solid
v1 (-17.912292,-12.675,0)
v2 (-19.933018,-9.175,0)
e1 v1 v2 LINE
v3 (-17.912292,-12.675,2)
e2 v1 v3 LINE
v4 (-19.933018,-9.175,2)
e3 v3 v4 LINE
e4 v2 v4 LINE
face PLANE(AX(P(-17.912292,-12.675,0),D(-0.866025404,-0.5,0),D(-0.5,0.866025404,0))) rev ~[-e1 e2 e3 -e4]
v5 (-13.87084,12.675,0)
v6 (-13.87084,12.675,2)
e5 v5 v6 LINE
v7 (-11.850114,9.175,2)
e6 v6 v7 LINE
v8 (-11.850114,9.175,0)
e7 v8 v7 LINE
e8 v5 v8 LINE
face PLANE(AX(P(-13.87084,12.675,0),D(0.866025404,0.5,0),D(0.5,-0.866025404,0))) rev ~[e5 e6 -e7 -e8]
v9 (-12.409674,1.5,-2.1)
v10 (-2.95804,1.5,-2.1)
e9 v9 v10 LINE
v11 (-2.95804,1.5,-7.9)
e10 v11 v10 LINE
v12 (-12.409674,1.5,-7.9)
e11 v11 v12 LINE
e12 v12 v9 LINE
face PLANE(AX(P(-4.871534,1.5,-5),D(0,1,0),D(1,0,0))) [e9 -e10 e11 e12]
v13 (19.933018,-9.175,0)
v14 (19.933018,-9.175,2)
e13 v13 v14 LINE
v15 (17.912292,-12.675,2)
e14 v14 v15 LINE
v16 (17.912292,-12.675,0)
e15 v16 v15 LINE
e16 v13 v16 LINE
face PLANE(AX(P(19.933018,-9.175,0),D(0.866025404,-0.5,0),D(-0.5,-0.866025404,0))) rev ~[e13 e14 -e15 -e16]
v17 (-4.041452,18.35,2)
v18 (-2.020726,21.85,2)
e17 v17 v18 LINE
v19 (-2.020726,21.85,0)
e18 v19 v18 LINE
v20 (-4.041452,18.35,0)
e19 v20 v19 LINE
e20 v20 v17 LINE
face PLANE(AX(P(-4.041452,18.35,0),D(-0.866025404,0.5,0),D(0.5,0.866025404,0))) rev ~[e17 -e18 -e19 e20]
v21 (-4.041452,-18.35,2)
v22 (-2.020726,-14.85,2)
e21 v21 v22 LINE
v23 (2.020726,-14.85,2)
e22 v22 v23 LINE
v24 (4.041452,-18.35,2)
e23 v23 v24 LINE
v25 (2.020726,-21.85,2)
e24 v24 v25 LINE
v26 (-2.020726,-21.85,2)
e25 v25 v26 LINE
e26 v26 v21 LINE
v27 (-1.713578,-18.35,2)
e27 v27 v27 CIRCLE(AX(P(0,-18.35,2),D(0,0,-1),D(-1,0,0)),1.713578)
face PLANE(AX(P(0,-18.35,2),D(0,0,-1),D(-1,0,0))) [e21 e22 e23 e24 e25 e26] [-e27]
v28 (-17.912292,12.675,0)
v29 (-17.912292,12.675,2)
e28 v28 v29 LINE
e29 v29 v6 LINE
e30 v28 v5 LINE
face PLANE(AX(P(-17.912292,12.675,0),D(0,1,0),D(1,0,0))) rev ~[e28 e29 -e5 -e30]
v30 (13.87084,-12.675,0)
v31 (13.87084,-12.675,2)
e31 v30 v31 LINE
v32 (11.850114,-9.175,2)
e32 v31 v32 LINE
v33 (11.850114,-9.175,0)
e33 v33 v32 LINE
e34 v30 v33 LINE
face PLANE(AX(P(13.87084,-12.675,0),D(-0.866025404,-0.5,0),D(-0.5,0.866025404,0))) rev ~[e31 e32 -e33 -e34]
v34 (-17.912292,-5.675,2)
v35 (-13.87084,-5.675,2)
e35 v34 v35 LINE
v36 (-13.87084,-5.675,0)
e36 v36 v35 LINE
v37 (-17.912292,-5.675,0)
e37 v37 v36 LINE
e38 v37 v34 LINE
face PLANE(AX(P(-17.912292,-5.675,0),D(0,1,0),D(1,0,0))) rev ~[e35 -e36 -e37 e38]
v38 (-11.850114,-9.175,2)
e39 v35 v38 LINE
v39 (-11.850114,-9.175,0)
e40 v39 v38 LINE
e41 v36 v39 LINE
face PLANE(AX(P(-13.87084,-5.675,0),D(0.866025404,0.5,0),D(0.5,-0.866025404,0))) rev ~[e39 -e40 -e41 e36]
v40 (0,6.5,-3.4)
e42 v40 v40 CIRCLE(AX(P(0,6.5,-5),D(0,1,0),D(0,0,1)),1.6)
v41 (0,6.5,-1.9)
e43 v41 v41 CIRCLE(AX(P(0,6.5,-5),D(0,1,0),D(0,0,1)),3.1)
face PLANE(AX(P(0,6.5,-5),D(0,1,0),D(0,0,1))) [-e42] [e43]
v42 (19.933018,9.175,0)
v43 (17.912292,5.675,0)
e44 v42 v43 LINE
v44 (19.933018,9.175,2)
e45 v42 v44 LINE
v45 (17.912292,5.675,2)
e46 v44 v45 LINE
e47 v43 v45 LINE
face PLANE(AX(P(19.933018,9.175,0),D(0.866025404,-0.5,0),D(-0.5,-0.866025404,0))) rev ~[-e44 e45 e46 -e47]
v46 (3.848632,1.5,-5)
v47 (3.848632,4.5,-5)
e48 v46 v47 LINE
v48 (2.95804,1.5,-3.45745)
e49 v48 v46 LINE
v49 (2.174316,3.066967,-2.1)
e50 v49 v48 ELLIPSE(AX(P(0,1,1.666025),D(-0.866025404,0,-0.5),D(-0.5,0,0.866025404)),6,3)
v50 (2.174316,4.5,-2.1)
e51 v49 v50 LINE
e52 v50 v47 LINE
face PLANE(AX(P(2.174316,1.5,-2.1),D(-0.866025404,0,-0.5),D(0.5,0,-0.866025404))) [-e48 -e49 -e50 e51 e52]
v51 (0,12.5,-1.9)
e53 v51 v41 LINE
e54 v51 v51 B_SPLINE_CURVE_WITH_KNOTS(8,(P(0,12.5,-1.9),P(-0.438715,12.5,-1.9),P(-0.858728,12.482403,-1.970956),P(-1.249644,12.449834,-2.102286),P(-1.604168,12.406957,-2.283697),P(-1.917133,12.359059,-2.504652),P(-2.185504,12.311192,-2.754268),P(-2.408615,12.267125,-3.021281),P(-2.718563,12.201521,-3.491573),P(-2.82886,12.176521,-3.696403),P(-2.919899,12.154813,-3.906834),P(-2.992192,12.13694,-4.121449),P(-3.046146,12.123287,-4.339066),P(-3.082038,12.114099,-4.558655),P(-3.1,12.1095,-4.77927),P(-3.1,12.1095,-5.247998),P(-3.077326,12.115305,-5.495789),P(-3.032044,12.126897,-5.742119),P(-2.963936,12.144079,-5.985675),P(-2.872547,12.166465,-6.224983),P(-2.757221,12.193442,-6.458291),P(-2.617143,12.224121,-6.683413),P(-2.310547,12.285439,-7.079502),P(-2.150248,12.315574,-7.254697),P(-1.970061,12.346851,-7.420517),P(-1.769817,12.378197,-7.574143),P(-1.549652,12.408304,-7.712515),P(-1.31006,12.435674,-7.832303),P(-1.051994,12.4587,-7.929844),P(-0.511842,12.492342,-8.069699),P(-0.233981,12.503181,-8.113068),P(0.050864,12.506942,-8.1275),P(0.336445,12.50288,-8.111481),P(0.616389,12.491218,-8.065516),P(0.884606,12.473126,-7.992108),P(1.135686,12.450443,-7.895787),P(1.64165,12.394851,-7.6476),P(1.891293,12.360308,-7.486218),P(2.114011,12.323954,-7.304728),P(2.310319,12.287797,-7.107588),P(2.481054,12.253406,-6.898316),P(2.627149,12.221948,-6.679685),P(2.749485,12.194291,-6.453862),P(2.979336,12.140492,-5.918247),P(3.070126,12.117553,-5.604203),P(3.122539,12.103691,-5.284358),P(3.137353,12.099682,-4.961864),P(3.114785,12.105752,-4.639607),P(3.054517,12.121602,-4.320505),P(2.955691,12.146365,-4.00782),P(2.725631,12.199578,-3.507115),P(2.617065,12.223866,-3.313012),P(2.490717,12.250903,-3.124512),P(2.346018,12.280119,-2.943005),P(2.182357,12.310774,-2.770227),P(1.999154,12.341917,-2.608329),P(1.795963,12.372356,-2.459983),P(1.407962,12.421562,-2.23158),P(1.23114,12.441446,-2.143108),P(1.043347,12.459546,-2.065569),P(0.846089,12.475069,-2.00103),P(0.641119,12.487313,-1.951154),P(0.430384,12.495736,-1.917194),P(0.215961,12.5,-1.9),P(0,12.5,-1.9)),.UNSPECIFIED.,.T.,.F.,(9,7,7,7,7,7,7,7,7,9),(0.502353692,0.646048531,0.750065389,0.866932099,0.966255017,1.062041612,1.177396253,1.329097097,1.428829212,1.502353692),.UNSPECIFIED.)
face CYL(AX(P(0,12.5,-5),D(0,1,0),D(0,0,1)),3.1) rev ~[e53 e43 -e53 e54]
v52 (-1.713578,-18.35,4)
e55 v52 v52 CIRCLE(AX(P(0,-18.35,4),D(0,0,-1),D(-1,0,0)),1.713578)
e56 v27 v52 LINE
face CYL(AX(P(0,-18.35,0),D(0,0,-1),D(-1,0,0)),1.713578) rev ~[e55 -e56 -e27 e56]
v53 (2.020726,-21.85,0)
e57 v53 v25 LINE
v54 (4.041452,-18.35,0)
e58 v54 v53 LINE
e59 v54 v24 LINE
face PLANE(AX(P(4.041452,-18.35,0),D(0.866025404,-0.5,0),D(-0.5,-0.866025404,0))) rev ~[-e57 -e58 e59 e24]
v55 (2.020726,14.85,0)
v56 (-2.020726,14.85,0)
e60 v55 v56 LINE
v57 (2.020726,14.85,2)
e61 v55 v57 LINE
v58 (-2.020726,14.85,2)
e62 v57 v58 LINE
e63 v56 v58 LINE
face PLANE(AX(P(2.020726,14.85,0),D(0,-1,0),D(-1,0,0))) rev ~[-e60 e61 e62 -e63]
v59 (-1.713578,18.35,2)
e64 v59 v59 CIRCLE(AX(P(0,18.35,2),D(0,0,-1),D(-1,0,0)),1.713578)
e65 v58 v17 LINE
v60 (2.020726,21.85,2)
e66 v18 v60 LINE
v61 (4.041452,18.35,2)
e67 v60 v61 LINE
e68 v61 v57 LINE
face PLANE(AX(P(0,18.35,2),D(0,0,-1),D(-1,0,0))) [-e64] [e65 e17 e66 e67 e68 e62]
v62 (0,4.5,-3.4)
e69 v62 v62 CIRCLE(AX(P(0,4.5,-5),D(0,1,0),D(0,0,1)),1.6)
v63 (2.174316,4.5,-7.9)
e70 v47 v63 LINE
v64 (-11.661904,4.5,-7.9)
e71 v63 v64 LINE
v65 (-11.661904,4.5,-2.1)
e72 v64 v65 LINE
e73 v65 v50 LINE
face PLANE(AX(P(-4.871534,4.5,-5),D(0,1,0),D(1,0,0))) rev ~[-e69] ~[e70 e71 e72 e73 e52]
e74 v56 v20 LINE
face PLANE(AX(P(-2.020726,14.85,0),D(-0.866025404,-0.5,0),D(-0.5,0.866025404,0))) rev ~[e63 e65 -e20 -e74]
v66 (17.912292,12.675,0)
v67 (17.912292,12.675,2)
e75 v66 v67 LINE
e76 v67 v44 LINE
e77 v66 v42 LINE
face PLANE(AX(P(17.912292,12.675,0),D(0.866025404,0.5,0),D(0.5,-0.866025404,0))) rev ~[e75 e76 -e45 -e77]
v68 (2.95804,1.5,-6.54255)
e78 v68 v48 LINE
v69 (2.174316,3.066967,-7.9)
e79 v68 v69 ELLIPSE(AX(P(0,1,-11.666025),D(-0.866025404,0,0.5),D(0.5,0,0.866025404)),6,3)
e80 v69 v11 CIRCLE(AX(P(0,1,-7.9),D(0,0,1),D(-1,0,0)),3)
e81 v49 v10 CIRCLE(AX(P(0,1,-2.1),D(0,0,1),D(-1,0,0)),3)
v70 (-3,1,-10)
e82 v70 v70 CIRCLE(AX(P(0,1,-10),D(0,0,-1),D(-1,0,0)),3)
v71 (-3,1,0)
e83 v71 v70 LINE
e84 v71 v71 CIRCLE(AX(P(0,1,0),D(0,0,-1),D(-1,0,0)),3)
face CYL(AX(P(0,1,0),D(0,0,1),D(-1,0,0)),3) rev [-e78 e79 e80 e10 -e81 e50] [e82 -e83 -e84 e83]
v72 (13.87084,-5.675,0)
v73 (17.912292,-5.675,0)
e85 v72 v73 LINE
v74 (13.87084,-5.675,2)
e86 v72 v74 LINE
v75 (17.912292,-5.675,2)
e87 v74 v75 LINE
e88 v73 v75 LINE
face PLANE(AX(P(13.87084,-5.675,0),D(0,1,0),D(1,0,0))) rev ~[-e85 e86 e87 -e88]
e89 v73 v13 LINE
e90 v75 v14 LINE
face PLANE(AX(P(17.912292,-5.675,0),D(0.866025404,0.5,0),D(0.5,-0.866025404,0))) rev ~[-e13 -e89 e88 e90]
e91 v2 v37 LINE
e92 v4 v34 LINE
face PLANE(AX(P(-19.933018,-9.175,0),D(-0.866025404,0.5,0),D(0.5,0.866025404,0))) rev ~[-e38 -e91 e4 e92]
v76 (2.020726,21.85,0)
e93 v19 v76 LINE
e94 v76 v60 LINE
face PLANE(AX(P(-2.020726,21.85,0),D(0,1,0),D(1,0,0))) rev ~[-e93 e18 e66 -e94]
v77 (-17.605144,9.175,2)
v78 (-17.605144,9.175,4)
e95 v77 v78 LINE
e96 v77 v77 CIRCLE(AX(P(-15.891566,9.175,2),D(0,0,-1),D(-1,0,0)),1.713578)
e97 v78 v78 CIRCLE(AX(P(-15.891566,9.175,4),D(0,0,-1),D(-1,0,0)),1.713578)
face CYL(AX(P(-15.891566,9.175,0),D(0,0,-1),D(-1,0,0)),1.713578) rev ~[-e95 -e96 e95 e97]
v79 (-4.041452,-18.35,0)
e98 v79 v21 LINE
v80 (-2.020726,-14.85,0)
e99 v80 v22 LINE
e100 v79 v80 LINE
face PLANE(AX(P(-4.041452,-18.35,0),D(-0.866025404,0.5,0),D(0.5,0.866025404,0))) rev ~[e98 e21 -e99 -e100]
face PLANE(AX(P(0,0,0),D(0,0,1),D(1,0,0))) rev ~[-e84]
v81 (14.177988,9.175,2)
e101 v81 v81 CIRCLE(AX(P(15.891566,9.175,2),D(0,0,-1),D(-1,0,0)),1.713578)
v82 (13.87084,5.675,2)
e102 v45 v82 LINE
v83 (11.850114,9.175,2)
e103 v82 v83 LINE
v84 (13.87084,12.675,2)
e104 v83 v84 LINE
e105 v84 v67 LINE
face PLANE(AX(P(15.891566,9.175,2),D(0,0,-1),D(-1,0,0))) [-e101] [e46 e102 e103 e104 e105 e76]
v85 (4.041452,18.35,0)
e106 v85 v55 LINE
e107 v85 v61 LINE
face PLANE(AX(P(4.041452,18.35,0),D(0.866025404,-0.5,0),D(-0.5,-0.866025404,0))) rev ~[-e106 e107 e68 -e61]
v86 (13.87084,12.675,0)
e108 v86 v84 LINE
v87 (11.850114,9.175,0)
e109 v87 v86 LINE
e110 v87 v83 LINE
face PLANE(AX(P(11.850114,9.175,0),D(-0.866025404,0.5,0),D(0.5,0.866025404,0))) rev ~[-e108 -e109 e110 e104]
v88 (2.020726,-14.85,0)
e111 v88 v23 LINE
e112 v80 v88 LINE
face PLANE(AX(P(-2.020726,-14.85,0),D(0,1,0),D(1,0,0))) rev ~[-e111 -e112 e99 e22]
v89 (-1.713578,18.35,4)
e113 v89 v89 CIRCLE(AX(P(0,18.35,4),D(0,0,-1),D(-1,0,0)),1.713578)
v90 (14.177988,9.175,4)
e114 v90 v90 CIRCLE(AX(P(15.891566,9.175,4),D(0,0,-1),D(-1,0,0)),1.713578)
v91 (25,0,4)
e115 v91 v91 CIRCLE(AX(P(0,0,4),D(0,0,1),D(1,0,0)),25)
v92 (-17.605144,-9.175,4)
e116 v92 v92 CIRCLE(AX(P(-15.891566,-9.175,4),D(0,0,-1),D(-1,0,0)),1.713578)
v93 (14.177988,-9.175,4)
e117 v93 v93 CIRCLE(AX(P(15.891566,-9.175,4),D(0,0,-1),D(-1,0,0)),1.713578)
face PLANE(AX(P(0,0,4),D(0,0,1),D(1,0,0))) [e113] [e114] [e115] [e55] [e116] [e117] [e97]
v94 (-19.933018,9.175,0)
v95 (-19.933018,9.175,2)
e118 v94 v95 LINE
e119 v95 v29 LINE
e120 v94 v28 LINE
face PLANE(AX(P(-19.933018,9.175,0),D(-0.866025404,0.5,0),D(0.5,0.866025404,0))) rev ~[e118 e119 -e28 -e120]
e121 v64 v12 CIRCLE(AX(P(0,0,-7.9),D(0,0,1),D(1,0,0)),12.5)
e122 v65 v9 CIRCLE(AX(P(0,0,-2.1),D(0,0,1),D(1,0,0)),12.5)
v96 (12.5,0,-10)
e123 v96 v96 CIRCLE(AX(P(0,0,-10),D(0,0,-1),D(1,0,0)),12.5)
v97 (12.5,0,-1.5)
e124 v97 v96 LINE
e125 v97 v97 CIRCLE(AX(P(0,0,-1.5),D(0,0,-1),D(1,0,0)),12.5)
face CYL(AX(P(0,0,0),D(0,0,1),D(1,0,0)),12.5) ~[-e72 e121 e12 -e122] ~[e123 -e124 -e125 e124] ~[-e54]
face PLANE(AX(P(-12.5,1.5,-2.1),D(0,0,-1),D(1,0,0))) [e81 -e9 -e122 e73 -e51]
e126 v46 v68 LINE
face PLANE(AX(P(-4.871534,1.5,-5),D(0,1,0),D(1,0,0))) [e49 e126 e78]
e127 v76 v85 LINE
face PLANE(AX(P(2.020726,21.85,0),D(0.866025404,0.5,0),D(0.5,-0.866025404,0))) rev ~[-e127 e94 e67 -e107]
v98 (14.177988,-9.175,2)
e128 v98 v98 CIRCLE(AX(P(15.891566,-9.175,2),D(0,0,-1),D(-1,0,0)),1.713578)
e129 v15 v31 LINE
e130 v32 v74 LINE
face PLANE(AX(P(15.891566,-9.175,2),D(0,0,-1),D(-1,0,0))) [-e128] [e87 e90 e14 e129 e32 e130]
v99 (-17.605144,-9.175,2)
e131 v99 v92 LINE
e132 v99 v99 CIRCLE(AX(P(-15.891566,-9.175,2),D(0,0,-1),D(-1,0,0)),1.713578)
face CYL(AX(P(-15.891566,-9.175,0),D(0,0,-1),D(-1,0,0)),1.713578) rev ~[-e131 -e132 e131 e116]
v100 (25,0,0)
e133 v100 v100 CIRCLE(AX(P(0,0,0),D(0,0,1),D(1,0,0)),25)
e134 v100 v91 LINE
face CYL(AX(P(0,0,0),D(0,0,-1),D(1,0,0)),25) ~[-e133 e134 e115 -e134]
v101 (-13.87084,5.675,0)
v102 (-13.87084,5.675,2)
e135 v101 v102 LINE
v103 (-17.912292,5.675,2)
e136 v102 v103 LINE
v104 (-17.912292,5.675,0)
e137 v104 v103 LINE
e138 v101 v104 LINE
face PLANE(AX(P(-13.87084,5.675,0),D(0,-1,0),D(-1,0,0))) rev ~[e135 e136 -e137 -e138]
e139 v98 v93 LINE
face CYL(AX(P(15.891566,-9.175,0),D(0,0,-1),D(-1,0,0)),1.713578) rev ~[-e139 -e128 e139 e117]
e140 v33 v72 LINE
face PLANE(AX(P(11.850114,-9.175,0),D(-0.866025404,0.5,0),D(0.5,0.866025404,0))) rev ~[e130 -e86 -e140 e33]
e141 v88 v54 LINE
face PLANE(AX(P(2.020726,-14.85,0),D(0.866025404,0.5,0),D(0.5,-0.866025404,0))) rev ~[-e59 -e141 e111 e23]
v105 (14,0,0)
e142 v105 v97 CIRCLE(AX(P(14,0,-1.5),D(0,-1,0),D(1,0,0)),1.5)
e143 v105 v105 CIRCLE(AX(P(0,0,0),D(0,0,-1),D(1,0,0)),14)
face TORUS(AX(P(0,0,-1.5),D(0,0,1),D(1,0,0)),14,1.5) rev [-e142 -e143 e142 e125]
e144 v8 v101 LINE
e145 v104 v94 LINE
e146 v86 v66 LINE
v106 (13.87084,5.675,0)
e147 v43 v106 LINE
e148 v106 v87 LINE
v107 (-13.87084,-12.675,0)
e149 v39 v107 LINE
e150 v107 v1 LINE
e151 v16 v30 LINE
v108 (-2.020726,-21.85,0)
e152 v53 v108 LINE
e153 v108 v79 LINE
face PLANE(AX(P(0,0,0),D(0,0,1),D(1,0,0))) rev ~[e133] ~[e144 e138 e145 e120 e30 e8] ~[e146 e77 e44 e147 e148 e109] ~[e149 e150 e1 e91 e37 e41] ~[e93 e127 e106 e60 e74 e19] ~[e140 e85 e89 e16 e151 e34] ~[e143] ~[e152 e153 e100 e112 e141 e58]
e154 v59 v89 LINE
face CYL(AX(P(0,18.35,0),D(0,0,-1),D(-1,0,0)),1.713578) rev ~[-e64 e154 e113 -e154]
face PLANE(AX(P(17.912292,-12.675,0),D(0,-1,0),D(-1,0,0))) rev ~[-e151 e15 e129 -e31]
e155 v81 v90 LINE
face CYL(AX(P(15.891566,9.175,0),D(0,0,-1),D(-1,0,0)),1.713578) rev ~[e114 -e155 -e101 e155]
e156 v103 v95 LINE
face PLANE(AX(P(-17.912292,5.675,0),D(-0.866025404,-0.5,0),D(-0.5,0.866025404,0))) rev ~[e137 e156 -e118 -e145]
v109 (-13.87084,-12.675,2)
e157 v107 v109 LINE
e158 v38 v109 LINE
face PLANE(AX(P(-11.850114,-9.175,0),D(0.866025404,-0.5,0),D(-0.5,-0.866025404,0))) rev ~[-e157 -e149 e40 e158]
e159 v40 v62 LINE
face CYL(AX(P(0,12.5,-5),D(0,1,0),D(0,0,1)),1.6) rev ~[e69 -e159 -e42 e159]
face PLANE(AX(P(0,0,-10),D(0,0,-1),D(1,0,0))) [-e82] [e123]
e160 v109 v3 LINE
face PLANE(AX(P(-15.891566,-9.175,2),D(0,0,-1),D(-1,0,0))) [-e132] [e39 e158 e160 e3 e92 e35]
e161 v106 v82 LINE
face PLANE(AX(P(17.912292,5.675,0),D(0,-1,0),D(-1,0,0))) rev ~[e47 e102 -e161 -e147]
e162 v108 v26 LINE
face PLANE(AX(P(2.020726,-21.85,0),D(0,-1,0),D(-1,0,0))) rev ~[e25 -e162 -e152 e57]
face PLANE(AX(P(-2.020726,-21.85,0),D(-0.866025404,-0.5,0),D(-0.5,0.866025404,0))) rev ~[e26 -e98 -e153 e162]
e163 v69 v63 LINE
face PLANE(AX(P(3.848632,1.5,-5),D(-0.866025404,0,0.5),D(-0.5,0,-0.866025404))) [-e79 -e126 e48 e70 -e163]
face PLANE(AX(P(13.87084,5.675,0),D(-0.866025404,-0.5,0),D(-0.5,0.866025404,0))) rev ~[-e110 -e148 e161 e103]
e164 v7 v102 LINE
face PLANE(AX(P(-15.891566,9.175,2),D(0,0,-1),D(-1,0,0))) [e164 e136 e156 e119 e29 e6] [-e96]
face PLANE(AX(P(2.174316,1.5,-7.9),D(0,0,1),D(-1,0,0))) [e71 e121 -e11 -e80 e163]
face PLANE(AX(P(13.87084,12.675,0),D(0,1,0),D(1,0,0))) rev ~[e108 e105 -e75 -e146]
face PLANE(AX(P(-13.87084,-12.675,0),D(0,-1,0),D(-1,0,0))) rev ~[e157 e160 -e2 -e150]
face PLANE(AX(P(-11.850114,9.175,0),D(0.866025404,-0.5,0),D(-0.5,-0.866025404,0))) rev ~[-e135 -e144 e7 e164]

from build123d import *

# Parameters (mm, degrees)
SKETCH1_R           = 25
BOSS_EXTRUDE1_DEPTH = 4
SKETCH2_R           = 1.713577746
CUT_EXTRUDE1_DEPTH  = 4
CUT_EXTRUDE2_DEPTH  = 2
SKETCH4_R           = 12.5
SKETCH4_R_2         = 3
BOSS_EXTRUDE2_DEPTH = 10
SKETCH5_R           = 1.6
CUT_EXTRUDE3_DEPTH  = 12.5
SKETCH6_R           = 3.1
CUT_EXTRUDE4_DEPTH  = 6
CUT_EXTRUDE5_DEPTH  = 3
FILLET1_R           = 1.5


with BuildPart() as part:
    # Sketch1 → Boss-Extrude1 (new body)
    with BuildSketch(Plane.XY):
        Circle(SKETCH1_R)
    extrude(amount=BOSS_EXTRUDE1_DEPTH)

    # Sketch2 → Cut-Extrude1 (cut)
    with BuildSketch(Plane(origin=(0, 0, 0), x_dir=(-1, 0, 0), z_dir=(0, 0, -1))):
        with Locations((0, 18.35)):
            Circle(SKETCH2_R)
        with Locations((15.891566159, 9.175)):
            Circle(SKETCH2_R)
        with Locations((15.891566159, -9.175)):
            Circle(SKETCH2_R)
        with Locations((0, -18.35)):
            Circle(SKETCH2_R)
        with Locations((-15.891566159, -9.175)):
            Circle(SKETCH2_R)
        with Locations((-15.891566159, 9.175)):
            Circle(SKETCH2_R)
    extrude(amount=-CUT_EXTRUDE1_DEPTH, mode=Mode.SUBTRACT)

    # Sketch3 → Cut-Extrude2 (cut)
    with BuildSketch(Plane(origin=(0, 0, 0), x_dir=(-1, 0, 0), z_dir=(0, 0, -1))):
        Polygon((13.870840217, 5.675), (17.912292102, 5.675), (19.933018044, 9.175), (17.912292102, 12.675), (13.870840217, 12.675), (11.850114275, 9.175), align=None)
        Polygon((4.041451884, 18.35), (2.020725942, 21.85), (-2.020725942, 21.85), (-4.041451884, 18.35), (-2.020725942, 14.85), (2.020725942, 14.85), align=None)
        Polygon((11.850114275, -9.175), (13.870840217, -12.675), (17.912292102, -12.675), (19.933018044, -9.175), (17.912292102, -5.675), (13.870840217, -5.675), align=None)
        Polygon((-2.020725942, -14.85), (-4.041451884, -18.35), (-2.020725942, -21.85), (2.020725942, -21.85), (4.041451884, -18.35), (2.020725942, -14.85), align=None)
        Polygon((-13.870840217, -5.675), (-17.912292102, -5.675), (-19.933018044, -9.175), (-17.912292102, -12.675), (-13.870840217, -12.675), (-11.850114275, -9.175), align=None)
        Polygon((-11.850114275, 9.175), (-13.870840217, 12.675), (-17.912292102, 12.675), (-19.933018044, 9.175), (-17.912292102, 5.675), (-13.870840217, 5.675), align=None)
    extrude(amount=-CUT_EXTRUDE2_DEPTH, mode=Mode.SUBTRACT)

    # Sketch4 → Boss-Extrude2 (add)
    with BuildSketch(Plane(origin=(0, 0, 0), x_dir=(-1, 0, 0), z_dir=(0, 0, -1))):
        with Locations(Location((0, 0, 0), (0, 0, 180))):
            Circle(SKETCH4_R)
        with Locations((0, 1)):
            Circle(SKETCH4_R_2, mode=Mode.SUBTRACT)
    extrude(amount=BOSS_EXTRUDE2_DEPTH)

    # Sketch5 → Cut-Extrude3 (cut)
    with BuildSketch(Plane(origin=(0, 12.5, 0), x_dir=(1, 0, 0), z_dir=(0, 1, 0))):
        with Locations(Location((0, 5, 0), (0, 0, 270))):
            Circle(SKETCH5_R)
    extrude(amount=-CUT_EXTRUDE3_DEPTH, mode=Mode.SUBTRACT)

    # Sketch6 → Cut-Extrude4 (cut)
    with BuildSketch(Plane(origin=(0, 12.5, 0), x_dir=(1, 0, 0), z_dir=(0, 1, 0))):
        with Locations(Location((0, 5, 0), (0, 0, 270))):
            Circle(SKETCH6_R)
    extrude(amount=-CUT_EXTRUDE4_DEPTH, mode=Mode.SUBTRACT)

    # Sketch7 → Cut-Extrude5 (cut)
    with BuildSketch(Plane(origin=(0, 1.5, 0), x_dir=(1, 0, 0), z_dir=(0, 1, 0))):
        Polygon((2.174315781, 7.9), (-12.5, 7.9), (-12.5, 2.1), (2.174315781, 2.1), (3.848631561, 5), align=None)
    extrude(amount=CUT_EXTRUDE5_DEPTH, mode=Mode.SUBTRACT)

    # Fillet1
    fillet1_edges = [part.edges().sort_by_distance(p)[0] for p in [
        (-12.5, 0, 0),
    ]]
    fillet(fillet1_edges, radius=FILLET1_R)


solid = part.part
